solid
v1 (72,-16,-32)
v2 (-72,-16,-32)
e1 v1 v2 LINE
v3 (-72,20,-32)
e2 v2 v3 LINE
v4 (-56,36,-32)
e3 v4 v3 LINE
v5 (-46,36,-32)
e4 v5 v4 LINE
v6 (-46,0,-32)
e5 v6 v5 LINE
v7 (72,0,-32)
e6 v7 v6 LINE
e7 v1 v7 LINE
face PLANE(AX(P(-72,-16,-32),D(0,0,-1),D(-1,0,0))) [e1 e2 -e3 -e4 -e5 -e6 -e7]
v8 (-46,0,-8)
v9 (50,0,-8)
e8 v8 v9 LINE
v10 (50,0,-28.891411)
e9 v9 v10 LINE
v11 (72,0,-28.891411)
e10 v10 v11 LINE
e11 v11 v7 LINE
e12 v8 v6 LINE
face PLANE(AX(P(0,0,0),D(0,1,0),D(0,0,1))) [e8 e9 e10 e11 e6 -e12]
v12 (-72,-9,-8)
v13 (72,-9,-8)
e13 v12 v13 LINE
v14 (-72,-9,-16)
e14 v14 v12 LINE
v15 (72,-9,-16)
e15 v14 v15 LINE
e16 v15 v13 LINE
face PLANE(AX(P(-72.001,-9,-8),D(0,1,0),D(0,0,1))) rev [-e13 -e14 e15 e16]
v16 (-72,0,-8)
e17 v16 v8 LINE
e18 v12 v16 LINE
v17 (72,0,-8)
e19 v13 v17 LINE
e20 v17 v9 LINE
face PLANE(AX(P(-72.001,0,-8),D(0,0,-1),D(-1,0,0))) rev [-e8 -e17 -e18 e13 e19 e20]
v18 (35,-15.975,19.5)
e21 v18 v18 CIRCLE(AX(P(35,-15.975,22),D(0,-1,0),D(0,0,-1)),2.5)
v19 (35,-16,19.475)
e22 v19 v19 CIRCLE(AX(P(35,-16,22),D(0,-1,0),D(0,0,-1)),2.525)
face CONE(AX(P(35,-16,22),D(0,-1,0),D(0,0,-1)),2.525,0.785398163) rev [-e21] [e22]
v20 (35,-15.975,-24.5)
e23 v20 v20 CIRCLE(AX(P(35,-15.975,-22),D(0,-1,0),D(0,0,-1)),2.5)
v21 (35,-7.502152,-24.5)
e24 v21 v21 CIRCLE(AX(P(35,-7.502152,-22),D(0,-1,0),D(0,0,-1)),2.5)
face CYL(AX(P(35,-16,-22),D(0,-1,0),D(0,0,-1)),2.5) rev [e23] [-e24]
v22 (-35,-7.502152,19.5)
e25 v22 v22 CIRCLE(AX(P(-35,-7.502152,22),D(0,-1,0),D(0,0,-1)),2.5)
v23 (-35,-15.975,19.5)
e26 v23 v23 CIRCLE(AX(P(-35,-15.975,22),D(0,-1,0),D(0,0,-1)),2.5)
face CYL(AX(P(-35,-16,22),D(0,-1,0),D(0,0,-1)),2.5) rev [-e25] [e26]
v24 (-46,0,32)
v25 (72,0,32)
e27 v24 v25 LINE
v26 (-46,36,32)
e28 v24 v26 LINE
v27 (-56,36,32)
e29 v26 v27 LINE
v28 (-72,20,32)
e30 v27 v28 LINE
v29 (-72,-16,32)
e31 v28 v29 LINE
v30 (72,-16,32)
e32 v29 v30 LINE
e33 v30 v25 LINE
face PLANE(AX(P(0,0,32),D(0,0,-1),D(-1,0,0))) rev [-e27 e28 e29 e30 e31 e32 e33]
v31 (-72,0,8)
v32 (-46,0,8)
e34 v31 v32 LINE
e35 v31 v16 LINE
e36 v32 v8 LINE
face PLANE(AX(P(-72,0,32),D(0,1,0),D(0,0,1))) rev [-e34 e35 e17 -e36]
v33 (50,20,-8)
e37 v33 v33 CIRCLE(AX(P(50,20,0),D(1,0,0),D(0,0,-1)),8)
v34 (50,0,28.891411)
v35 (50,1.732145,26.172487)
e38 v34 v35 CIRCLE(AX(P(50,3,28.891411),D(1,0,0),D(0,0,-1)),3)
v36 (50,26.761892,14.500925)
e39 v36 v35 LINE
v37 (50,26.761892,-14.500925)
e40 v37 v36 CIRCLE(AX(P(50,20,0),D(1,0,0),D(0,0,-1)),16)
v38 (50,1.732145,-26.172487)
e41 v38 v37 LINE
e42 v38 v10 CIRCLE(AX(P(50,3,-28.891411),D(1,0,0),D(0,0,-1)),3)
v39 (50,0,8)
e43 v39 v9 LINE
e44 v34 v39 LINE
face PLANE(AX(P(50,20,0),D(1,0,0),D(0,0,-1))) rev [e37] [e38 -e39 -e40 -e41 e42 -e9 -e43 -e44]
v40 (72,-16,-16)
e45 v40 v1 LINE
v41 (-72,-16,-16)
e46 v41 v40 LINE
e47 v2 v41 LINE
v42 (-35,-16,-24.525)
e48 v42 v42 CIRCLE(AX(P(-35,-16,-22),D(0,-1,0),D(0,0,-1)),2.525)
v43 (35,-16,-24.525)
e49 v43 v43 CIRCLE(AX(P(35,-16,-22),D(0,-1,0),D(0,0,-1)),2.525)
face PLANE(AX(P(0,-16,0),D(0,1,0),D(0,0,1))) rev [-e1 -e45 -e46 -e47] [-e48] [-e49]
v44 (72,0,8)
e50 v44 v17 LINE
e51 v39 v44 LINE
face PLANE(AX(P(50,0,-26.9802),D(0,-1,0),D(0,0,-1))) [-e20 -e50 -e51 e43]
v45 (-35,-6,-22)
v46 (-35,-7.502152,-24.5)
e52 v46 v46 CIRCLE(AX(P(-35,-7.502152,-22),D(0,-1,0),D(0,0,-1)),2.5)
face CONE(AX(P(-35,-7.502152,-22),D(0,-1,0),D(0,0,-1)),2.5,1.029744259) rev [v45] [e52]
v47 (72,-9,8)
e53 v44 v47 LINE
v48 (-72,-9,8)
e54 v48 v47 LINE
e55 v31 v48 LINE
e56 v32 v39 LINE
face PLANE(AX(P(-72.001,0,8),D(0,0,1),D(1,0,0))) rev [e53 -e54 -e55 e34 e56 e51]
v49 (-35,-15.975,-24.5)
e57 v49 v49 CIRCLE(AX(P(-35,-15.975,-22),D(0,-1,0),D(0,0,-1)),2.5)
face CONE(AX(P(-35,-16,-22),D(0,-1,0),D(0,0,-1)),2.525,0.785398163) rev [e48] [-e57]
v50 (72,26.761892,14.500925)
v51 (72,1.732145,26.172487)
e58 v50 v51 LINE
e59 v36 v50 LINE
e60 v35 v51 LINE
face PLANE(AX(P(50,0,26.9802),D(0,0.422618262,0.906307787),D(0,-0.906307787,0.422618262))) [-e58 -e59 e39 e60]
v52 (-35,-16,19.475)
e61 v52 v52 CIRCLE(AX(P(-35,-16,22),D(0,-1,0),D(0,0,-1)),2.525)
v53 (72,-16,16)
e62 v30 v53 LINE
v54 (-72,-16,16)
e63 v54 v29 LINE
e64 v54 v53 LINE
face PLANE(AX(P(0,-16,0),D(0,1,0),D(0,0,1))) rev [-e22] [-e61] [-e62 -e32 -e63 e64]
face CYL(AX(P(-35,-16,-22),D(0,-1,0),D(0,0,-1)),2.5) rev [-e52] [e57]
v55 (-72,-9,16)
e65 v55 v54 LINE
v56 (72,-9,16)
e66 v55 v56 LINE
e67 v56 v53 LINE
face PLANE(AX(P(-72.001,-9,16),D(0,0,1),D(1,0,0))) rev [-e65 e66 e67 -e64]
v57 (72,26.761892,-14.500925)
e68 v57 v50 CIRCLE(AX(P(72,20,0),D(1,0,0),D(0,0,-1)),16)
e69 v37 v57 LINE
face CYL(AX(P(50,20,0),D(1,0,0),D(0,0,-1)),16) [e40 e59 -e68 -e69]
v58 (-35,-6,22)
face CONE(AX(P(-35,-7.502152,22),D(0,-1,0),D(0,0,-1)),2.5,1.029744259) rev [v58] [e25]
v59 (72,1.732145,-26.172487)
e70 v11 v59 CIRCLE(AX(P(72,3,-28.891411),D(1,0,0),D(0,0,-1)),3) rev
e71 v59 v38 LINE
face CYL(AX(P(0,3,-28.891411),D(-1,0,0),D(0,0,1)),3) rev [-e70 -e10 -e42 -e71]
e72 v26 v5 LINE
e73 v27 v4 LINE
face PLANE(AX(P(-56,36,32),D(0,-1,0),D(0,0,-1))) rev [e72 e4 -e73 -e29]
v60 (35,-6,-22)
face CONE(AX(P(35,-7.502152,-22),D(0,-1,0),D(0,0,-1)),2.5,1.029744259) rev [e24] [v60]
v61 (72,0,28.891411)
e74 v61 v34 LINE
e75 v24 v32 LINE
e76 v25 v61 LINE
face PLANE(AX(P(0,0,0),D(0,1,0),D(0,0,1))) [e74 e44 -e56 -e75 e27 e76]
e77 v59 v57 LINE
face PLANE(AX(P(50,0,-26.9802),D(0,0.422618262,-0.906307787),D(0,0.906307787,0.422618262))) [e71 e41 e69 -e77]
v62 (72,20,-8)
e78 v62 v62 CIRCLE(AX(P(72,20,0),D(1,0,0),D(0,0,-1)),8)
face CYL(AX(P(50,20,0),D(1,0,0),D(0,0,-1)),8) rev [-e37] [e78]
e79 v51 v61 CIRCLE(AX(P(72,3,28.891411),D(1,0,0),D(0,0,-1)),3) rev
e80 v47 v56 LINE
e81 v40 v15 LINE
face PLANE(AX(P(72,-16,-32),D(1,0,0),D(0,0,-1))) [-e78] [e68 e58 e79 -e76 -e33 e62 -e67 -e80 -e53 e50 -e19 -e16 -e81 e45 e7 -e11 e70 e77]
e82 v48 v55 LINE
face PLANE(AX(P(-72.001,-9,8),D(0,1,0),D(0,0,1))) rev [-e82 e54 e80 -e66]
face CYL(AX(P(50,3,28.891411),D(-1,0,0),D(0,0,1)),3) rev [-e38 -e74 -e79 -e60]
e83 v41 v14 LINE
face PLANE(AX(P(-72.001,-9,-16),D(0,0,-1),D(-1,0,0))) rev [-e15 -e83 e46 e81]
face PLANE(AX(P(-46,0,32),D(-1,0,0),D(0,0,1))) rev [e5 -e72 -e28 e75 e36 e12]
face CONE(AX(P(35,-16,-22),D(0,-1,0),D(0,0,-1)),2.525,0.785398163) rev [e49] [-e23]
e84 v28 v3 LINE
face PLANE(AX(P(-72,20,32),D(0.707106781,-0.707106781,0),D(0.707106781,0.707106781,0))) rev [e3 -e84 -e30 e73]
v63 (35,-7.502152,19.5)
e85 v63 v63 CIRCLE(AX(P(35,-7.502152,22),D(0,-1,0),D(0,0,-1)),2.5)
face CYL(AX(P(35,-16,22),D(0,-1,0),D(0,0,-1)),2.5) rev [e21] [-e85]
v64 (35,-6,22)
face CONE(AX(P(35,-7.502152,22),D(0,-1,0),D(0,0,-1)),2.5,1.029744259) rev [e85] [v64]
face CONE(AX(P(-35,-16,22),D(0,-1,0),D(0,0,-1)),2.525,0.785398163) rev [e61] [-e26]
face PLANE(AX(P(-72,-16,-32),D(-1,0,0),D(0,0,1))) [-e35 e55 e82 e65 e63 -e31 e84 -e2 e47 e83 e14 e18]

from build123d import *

# Parameters (mm, degrees)
SKETCH1_W                             = 144
SKETCH1_H                             = 64
BOSS_EXTRUDE1_DEPTH                   = 16
CUT_EXTRUDE1_REACH                    = 146
BOSS_EXTRUDE2_DEPTH                   = 32
SKETCH5_R                             = 8
BOSS_EXTRUDE3_DEPTH                   = 22
FILLET1_R                             = 3
TAP_DRILL_FOR_M6X1_0_TAP1_D           = 5
TAP_DRILL_FOR_M6X1_0_TAP1_DEPTH       = 8.497848452
TAP_DRILL_FOR_M6X1_0_TAP1_CSINK_D     = 5.05
TAP_DRILL_FOR_M6X1_0_TAP1_CSINK_ANGLE = 90
TAP_DRILL_FOR_M6X1_0_TAP1_TIP         = 1.502151548


with BuildPart() as part:
    # Sketch1 → Boss-Extrude1 (new body)
    with BuildSketch(Plane(origin=(0, 0, 0), x_dir=(1, 0, 0), z_dir=(0, 1, 0))):
        Rectangle(SKETCH1_W, SKETCH1_H)
    extrude(amount=-BOSS_EXTRUDE1_DEPTH)

    # Sketch2 → Cut-Extrude1 (cut, up to next)
    with BuildSketch(Plane(origin=(72, 0, 0), x_dir=(0, 0, -1), z_dir=(1, 0, 0)), mode=Mode.PRIVATE) as cut_extrude1_sk1:
        Polygon((-8, 0), (8, 0), (8, -9), (16, -9), (16, -16), (-16, -16), (-16, -9), (-8, -9), align=None)
    cut_extrude1_tool1 = extrude(cut_extrude1_sk1.sketch, amount=-CUT_EXTRUDE1_REACH, mode=Mode.PRIVATE) & part.part
    add(cut_extrude1_tool1.solids().sort_by_distance((72, -9.369565, 0))[0], mode=Mode.SUBTRACT)

    # Sketch4 → Boss-Extrude2 (add, symmetric)
    with BuildSketch(Plane.XY):
        Polygon((-72, 20), (-56, 36), (-46, 36), (-46, 0), (-72, 0), align=None)
    extrude(amount=BOSS_EXTRUDE2_DEPTH, both=True)

    # Sketch5 → Boss-Extrude3 (add)
    with BuildSketch(Plane(origin=(72, 0, 0), x_dir=(0, 0, -1), z_dir=(1, 0, 0))):
        with BuildLine():
            Line((26.980199866, 0), (14.500924593, 26.761892188))
            ThreePointArc((14.500924593, 26.761892188), (0, 36), (-14.500924593, 26.761892188))
            Line((-14.500924593, 26.761892188), (-26.980199866, 0))
            Line((-26.980199866, 0), (26.980199866, 0))
        make_face()
        with Locations((0, 20)):
            Circle(SKETCH5_R, mode=Mode.SUBTRACT)
    extrude(amount=-BOSS_EXTRUDE3_DEPTH)

    # Fillet1
    fillet1_edges = [part.edges().sort_by_distance(p)[0] for p in [
        (61, 0, -26.980199866),
        (61, 0, 26.980199866),
    ]]
    fillet(fillet1_edges, radius=FILLET1_R)

    # Tap Drill for M6x1.0 Tap1
    with Locations(Plane(origin=(0, -16, 0), x_dir=(-1, 0, 0), z_dir=(0, -1, 0))):
        with Locations((35, 22), (-35, 22), (35, -22), (-35, -22), (0, 0)):
            CounterSinkHole(TAP_DRILL_FOR_M6X1_0_TAP1_D / 2, TAP_DRILL_FOR_M6X1_0_TAP1_CSINK_D / 2, depth=TAP_DRILL_FOR_M6X1_0_TAP1_DEPTH, counter_sink_angle=TAP_DRILL_FOR_M6X1_0_TAP1_CSINK_ANGLE)
            with Locations((0, 0, -(TAP_DRILL_FOR_M6X1_0_TAP1_DEPTH + TAP_DRILL_FOR_M6X1_0_TAP1_TIP / 2))):  # 118° drill point
                Cone(0, TAP_DRILL_FOR_M6X1_0_TAP1_D / 2, TAP_DRILL_FOR_M6X1_0_TAP1_TIP, mode=Mode.SUBTRACT)


solid = part.part
